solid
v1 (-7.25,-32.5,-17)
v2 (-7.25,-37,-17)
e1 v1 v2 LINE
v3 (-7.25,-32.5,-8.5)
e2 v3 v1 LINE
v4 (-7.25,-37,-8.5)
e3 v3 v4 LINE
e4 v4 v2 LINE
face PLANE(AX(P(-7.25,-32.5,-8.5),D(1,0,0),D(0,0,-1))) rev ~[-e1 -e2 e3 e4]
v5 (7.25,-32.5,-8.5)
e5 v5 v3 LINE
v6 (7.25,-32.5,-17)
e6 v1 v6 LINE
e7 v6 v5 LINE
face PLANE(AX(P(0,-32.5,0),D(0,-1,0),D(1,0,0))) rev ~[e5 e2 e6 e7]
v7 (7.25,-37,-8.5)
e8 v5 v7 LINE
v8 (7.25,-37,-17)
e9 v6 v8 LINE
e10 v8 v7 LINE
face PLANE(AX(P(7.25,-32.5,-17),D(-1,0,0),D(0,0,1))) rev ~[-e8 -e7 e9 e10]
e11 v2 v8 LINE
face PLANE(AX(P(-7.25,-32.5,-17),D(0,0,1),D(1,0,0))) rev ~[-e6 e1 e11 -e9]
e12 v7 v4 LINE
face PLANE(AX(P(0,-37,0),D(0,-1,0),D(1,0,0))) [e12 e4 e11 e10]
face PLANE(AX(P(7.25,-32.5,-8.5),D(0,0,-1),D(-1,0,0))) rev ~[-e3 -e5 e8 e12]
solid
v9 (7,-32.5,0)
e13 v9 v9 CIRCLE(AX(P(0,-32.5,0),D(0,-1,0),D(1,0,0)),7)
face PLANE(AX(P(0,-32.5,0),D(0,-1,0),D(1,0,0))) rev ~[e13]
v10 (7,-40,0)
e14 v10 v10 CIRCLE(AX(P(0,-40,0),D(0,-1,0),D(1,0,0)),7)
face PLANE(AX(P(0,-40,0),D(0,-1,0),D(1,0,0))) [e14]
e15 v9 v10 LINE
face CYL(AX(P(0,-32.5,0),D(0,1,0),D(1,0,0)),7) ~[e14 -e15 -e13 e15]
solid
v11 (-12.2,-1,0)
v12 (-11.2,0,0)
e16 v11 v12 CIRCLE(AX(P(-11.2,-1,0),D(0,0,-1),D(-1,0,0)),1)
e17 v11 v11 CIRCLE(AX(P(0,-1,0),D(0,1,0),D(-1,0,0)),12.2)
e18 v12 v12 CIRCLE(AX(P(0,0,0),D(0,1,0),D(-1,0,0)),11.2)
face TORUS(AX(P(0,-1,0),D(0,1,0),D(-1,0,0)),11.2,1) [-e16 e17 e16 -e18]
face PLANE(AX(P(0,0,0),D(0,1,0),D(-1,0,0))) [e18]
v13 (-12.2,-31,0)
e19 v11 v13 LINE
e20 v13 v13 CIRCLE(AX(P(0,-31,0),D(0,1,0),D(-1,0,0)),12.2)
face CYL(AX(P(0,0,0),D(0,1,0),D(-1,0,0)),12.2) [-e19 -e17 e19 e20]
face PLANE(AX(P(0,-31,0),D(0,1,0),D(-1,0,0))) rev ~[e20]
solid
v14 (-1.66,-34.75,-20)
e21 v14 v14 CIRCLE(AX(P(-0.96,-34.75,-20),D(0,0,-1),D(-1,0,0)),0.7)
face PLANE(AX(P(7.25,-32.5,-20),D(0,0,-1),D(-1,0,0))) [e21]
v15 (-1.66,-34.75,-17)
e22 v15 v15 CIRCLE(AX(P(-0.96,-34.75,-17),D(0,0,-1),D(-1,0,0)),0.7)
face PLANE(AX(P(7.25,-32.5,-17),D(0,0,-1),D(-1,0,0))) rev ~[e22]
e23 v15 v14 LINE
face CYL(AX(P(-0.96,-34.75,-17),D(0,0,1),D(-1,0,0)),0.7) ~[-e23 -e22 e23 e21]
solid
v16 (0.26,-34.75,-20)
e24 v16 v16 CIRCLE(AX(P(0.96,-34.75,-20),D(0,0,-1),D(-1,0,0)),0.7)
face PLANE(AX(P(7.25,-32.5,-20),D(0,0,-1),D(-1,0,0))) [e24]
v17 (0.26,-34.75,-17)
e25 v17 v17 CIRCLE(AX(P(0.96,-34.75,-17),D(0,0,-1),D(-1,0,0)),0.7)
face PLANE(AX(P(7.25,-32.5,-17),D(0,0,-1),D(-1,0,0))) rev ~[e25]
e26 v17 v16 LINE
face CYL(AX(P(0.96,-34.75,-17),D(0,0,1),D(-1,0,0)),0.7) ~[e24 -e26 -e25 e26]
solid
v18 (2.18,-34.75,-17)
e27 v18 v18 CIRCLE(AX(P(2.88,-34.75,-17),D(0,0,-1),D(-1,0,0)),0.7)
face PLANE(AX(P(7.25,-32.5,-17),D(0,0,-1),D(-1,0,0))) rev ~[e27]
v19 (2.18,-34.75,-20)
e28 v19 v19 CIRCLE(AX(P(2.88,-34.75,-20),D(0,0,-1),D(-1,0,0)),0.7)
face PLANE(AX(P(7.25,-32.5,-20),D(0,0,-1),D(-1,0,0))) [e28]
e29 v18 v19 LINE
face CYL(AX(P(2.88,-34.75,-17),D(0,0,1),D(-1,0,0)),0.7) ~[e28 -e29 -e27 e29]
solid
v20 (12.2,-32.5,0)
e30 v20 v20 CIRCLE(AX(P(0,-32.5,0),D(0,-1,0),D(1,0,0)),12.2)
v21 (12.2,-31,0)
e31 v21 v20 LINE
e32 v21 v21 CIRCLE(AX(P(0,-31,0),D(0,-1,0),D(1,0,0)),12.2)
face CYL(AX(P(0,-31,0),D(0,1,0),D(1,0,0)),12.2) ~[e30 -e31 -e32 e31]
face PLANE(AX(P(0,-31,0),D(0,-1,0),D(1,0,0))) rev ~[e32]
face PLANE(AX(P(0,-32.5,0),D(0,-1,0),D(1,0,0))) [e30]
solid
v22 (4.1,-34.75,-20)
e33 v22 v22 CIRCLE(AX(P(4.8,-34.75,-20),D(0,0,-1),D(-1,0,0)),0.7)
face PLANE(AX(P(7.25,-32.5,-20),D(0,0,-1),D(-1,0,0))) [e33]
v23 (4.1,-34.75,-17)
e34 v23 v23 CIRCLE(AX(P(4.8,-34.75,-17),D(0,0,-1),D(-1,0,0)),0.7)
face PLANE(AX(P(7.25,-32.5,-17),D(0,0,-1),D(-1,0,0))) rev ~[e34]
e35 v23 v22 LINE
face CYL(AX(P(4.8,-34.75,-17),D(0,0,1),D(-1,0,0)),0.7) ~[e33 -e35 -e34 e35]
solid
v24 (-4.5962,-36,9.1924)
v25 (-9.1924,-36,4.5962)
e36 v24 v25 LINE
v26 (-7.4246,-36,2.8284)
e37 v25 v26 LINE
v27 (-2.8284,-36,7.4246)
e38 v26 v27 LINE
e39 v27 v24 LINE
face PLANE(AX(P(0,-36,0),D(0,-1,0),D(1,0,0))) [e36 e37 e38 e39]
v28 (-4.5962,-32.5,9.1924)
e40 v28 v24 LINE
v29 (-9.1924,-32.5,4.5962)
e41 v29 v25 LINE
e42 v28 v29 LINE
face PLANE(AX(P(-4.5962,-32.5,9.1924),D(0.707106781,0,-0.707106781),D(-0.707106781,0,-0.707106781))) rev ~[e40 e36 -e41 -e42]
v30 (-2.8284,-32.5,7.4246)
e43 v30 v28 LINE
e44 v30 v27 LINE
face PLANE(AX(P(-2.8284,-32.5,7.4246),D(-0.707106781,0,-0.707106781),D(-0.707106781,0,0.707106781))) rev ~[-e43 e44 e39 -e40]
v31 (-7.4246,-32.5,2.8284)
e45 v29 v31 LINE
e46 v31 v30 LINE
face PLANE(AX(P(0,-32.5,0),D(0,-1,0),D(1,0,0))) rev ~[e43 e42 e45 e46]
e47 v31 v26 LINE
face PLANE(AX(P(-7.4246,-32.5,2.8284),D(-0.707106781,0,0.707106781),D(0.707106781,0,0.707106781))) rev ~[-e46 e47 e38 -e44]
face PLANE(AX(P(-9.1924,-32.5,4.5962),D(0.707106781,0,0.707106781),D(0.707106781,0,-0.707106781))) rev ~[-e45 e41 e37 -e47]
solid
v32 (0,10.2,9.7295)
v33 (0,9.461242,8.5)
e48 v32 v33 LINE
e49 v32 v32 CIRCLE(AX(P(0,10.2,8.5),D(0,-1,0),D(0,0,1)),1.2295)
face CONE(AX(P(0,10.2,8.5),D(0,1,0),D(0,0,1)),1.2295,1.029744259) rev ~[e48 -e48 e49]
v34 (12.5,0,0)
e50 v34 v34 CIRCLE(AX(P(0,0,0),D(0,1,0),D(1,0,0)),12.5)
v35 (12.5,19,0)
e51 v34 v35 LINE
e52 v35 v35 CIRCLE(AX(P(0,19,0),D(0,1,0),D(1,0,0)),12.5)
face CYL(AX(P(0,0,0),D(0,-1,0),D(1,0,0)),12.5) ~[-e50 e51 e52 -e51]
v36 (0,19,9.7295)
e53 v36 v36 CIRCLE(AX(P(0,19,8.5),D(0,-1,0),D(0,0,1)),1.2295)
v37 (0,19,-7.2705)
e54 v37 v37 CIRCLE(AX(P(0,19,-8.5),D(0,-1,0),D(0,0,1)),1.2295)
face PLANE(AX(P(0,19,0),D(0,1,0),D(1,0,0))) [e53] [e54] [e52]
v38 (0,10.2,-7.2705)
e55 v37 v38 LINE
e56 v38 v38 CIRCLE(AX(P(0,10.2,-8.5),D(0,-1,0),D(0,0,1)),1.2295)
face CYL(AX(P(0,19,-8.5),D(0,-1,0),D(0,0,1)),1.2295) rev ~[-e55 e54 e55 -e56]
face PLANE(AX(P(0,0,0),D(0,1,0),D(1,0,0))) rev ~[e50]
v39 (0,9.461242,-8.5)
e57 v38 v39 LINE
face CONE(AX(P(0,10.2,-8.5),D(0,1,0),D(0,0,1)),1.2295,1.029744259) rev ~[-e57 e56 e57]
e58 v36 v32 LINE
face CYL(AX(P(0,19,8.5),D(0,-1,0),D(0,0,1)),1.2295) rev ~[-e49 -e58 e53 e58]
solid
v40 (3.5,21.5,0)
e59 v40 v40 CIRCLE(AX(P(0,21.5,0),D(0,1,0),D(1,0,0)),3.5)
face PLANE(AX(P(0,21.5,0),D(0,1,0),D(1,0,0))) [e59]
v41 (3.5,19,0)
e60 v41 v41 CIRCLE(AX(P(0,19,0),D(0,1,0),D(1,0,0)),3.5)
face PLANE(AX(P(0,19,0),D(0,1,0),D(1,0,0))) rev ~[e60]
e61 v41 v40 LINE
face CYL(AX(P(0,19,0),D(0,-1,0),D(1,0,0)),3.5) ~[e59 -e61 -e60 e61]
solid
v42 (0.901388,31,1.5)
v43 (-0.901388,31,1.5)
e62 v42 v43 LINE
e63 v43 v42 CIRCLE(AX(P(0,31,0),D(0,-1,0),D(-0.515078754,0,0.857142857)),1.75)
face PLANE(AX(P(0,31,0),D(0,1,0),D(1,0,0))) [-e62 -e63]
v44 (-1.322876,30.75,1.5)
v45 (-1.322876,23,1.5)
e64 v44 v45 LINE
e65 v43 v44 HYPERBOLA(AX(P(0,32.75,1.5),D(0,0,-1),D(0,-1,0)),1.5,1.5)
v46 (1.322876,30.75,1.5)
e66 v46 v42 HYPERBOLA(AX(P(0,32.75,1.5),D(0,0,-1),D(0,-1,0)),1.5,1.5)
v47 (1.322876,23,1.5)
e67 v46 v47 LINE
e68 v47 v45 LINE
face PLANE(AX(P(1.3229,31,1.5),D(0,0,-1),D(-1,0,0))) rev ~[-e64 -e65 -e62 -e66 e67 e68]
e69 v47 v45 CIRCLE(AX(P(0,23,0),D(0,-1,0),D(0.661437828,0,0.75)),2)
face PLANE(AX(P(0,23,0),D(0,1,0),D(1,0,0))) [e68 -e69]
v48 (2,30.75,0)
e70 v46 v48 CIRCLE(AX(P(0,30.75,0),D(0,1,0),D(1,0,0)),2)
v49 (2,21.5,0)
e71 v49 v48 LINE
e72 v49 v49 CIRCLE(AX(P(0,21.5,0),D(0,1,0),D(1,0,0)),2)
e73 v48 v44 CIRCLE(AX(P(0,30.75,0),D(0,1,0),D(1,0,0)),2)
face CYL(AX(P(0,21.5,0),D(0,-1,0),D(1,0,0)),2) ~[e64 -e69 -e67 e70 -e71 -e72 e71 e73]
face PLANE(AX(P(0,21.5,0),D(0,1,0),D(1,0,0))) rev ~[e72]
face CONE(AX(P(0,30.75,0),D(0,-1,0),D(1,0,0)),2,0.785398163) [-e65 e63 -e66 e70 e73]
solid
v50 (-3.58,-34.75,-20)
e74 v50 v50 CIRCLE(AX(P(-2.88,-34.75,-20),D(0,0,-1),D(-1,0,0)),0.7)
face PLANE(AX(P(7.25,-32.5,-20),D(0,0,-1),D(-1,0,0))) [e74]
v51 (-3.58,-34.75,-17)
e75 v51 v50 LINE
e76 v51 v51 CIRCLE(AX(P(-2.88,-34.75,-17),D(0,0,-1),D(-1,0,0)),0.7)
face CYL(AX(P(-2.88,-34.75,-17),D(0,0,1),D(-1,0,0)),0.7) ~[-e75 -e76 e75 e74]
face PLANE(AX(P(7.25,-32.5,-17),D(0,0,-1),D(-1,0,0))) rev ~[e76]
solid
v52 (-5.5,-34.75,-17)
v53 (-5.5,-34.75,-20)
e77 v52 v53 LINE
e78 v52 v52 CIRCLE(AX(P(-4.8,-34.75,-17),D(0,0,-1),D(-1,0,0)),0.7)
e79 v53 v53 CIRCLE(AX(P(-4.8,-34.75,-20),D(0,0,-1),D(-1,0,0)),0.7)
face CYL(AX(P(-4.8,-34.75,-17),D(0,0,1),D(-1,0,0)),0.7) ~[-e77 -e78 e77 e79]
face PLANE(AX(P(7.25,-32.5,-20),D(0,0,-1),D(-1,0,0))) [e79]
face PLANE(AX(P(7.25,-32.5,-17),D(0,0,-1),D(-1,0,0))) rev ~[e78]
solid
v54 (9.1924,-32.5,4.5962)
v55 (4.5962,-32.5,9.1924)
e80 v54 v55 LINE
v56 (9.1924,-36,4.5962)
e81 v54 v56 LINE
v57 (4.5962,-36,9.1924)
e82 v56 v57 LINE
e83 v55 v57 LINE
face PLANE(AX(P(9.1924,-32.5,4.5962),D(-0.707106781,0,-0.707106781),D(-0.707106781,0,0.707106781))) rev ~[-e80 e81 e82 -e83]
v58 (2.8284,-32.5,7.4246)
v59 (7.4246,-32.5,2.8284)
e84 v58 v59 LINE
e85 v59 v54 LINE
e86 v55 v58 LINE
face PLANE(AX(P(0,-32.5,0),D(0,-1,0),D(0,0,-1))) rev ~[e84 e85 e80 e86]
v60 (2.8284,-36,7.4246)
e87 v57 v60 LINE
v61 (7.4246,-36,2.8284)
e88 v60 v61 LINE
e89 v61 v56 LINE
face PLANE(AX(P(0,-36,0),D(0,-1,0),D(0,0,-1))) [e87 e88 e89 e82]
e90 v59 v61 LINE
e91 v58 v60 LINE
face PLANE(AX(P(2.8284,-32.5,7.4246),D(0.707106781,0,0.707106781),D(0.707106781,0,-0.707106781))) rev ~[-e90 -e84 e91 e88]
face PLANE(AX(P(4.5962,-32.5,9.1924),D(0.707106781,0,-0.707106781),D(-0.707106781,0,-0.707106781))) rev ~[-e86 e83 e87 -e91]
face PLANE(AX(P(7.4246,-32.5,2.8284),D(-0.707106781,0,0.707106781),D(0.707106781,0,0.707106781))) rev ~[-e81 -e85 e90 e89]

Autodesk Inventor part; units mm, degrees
ref_plane "YZ Plane" through (0, 0, 0) normal (1, 0, 0) x (0, 1, 0)
ref_plane "XZ Plane" through (0, 0, 0) normal (0, 1, 0) x (-1, 0, 0)
ref_plane "XY Plane" through (0, 0, 0) normal (0, 0, 1) x (1, 0, 0)
sketch "Sketch1" plane through (0, 0, 0) normal (0, 1, 0) x (-1, 0, 0)
  circle A0 centre (0, 0) radius 12.2
  dimension "d0" = 24.4
extrude "Extrusion1" add sketch "Sketch1" against normal blind 31
fillet "Fillet1" radius 1 1 edges at (12.2, 0, 0)
sketch "Sketch2" plane through (0, -31, 0) normal (0, -1, 0) x (1, 0, 0)
  circle A0 centre (0, 0) radius 12.2 projected
extrude "Extrusion2" add sketch "Sketch2" along normal blind 1.5 separate body
sketch "Sketch3" plane through (0, -32.5, 0) normal (0, -1, 0) x (1, 0, 0)
  circle A0 centre (0, 0) radius 7
  dimension "d6" = 14
extrude "Extrusion3" add sketch "Sketch3" along normal blind 7.5 separate body
sketch "Sketch4" plane through (0, -32.5, 0) normal (0, -1, 0) x (1, 0, 0)
  circle A0 centre (0, 0) radius 6.75 construction
  line L0 (-7.4246, 2.8284) -> (-2.8284, 7.4246)
  line L1 (-2.8284, 7.4246) -> (-4.5962, 9.1924)
  line L2 (-4.5962, 9.1924) -> (-9.1924, 4.5962)
  line L3 (-9.1924, 4.5962) -> (-7.4246, 2.8284)
  line L4 (-7.4246, 2.8284) -> (-4.5962, 9.1924) construction
  line L5 (-2.8284, 7.4246) -> (-9.1924, 4.5962) construction
  line L6 (0, 0) -> (-6.0104, 6.0104) construction
  line L7 (0, 0) -> (-12.2, 0) construction
  circle A1 centre (0, 0) radius 12.2 construction
  point P0 (4.773, -4.773)
  dimension "d9" = 13.5
  dimension "d10" = 6.5
  dimension "d11" = 2.5
  dimension "d12" = 45
  dimension "d13" = 16.5
extrude "Extrusion4" add sketch "Sketch4" along normal blind 3.5 separate body
pattern_circular "Circular Pattern1" count 2 over 90 about axis through (0, -32.5, 0) along (0, 1, 0) of "Extrusion4" bodies 4
sketch "Sketch5" plane through (0, -32.5, 0) normal (0, -1, 0) x (1, 0, 0)
  line L0 (-7.25, -17) -> (7.25, -17)
  line L1 (7.25, -17) -> (7.25, -8.5)
  line L2 (7.25, -8.5) -> (-7.25, -8.5)
  line L3 (-7.25, -8.5) -> (-7.25, -17)
  line L4 (-7.25, -17) -> (7.25, -8.5) construction
  line L5 (7.25, -17) -> (-7.25, -8.5) construction
  circle A0 centre (0, 0) radius 7 projected
  point P0 (0, -12.75)
  point P1 (0, -12.75)
  dimension "d19" = 17
  dimension "d20" = 8.5
  dimension "d21" = 14.5
extrude "Extrusion5" add sketch "Sketch5" along normal blind 4.5 separate body contours L3 L2 L1 L0
sketch "Sketch6" plane through (7.25, -32.5, -17) normal (0, 0, -1) x (-1, 0, 0)
  line L0 (12.05, -2.25) -> (10.13, -2.25) construction
  line L1 (10.13, -2.25) -> (8.21, -2.25) construction
  line L2 (8.21, -2.25) -> (6.29, -2.25) construction
  line L3 (6.29, -2.25) -> (4.37, -2.25) construction
  line L4 (4.37, -2.25) -> (2.45, -2.25) construction
  circle A0 centre (12.05, -2.25) radius 0.7
  circle A1 centre (10.13, -2.25) radius 0.7
  circle A2 centre (8.21, -2.25) radius 0.7
  circle A3 centre (6.29, -2.25) radius 0.7
  circle A4 centre (4.37, -2.25) radius 0.7
  circle A5 centre (2.45, -2.25) radius 0.7
  line L5 (14.5, 0) -> (14.5, -4.5) projected
  line L6 (14.5, -4.5) -> (0, -4.5) projected
  point P0 (7.25, 32.5)
  point P1 (14.5, -2.25)
  point P2 (7.25, -2.25)
  point P3 (7.25, -4.5)
  dimension "d24" = 9.6
  dimension "d25" = 1.4
extrude "Extrusion6" add sketch "Sketch6" along normal blind 3 separate body contours A0
extrude "Extrusion7" add sketch "Sketch6" along normal blind 3 separate body contours A1
extrude "Extrusion8" add sketch "Sketch6" along normal blind 3 separate body contours A2
extrude "Extrusion9" add sketch "Sketch6" along normal blind 3 separate body contours A3
extrude "Extrusion10" add sketch "Sketch6" along normal blind 3 separate body contours A4
extrude "Extrusion11" add sketch "Sketch6" along normal blind 3 separate body contours A5
sketch "Sketch7" plane through (0, 0, 0) normal (0, 1, 0) x (1, 0, 0)
  circle A0 centre (0, 0) radius 12.5
  dimension "d38" = 25
extrude "Extrusion12" add sketch "Sketch7" along normal blind 19 separate body
sketch "Sketch8" plane through (0, 19, 0) normal (0, 1, 0) x (1, 0, 0)
  circle A0 centre (0, 0) radius 11.2 construction
  circle A1 centre (0, 0) radius 3.5
  dimension "d41" = 7
extrude "Extrusion13" add sketch "Sketch8" along normal blind 2.5 separate body
sketch "Sketch9" plane through (0, 21.5, 0) normal (0, 1, 0) x (1, 0, 0)
  circle A0 centre (0, 0) radius 2
  dimension "d44" = 4
extrude "Extrusion14" add sketch "Sketch9" along normal blind 9.5 separate body
chamfer "Chamfer1" distance 0.25 angle 45 1 edges at (-2, 31, 0)
sketch "Sketch10" plane through (0, 31, 0) normal (0, 1, 0) x (1, 0, 0)
  line L0 (-1.3229, -2) -> (1.3229, -2)
  line L1 (1.3229, -2) -> (1.3229, -1.5)
  line L2 (1.3229, -1.5) -> (-1.3229, -1.5)
  line L3 (-1.3229, -1.5) -> (-1.3229, -2)
  circle A0 centre (0, 0) radius 2 construction
  dimension "d50" = 1.5
extrude "Extrusion15" cut sketch "Sketch10" against normal blind 8 bodies 14
sketch "Sketch11" plane through (0, 19, 0) normal (0, 1, 0) x (1, 0, 0)
  circle A0 centre (0, 0) radius 12.5 construction
  line L0 (0, 8.5) -> (0, -8.5) construction
  line L1 (7.25, 8.5) -> (-7.25, 8.5) construction
  dimension "d53" = 17
hole "Hole1" at (0, 19, -8.5) at (0, 19, 8.5) direction (0, -1, 0) diameter 2.459 depth 8.8 tip angle 118 bodies 12 thread size "M3x0.5" class "6H" standard "ISO Metric profile"
properties part number "JGA25-371_12VDC_230RPM"
